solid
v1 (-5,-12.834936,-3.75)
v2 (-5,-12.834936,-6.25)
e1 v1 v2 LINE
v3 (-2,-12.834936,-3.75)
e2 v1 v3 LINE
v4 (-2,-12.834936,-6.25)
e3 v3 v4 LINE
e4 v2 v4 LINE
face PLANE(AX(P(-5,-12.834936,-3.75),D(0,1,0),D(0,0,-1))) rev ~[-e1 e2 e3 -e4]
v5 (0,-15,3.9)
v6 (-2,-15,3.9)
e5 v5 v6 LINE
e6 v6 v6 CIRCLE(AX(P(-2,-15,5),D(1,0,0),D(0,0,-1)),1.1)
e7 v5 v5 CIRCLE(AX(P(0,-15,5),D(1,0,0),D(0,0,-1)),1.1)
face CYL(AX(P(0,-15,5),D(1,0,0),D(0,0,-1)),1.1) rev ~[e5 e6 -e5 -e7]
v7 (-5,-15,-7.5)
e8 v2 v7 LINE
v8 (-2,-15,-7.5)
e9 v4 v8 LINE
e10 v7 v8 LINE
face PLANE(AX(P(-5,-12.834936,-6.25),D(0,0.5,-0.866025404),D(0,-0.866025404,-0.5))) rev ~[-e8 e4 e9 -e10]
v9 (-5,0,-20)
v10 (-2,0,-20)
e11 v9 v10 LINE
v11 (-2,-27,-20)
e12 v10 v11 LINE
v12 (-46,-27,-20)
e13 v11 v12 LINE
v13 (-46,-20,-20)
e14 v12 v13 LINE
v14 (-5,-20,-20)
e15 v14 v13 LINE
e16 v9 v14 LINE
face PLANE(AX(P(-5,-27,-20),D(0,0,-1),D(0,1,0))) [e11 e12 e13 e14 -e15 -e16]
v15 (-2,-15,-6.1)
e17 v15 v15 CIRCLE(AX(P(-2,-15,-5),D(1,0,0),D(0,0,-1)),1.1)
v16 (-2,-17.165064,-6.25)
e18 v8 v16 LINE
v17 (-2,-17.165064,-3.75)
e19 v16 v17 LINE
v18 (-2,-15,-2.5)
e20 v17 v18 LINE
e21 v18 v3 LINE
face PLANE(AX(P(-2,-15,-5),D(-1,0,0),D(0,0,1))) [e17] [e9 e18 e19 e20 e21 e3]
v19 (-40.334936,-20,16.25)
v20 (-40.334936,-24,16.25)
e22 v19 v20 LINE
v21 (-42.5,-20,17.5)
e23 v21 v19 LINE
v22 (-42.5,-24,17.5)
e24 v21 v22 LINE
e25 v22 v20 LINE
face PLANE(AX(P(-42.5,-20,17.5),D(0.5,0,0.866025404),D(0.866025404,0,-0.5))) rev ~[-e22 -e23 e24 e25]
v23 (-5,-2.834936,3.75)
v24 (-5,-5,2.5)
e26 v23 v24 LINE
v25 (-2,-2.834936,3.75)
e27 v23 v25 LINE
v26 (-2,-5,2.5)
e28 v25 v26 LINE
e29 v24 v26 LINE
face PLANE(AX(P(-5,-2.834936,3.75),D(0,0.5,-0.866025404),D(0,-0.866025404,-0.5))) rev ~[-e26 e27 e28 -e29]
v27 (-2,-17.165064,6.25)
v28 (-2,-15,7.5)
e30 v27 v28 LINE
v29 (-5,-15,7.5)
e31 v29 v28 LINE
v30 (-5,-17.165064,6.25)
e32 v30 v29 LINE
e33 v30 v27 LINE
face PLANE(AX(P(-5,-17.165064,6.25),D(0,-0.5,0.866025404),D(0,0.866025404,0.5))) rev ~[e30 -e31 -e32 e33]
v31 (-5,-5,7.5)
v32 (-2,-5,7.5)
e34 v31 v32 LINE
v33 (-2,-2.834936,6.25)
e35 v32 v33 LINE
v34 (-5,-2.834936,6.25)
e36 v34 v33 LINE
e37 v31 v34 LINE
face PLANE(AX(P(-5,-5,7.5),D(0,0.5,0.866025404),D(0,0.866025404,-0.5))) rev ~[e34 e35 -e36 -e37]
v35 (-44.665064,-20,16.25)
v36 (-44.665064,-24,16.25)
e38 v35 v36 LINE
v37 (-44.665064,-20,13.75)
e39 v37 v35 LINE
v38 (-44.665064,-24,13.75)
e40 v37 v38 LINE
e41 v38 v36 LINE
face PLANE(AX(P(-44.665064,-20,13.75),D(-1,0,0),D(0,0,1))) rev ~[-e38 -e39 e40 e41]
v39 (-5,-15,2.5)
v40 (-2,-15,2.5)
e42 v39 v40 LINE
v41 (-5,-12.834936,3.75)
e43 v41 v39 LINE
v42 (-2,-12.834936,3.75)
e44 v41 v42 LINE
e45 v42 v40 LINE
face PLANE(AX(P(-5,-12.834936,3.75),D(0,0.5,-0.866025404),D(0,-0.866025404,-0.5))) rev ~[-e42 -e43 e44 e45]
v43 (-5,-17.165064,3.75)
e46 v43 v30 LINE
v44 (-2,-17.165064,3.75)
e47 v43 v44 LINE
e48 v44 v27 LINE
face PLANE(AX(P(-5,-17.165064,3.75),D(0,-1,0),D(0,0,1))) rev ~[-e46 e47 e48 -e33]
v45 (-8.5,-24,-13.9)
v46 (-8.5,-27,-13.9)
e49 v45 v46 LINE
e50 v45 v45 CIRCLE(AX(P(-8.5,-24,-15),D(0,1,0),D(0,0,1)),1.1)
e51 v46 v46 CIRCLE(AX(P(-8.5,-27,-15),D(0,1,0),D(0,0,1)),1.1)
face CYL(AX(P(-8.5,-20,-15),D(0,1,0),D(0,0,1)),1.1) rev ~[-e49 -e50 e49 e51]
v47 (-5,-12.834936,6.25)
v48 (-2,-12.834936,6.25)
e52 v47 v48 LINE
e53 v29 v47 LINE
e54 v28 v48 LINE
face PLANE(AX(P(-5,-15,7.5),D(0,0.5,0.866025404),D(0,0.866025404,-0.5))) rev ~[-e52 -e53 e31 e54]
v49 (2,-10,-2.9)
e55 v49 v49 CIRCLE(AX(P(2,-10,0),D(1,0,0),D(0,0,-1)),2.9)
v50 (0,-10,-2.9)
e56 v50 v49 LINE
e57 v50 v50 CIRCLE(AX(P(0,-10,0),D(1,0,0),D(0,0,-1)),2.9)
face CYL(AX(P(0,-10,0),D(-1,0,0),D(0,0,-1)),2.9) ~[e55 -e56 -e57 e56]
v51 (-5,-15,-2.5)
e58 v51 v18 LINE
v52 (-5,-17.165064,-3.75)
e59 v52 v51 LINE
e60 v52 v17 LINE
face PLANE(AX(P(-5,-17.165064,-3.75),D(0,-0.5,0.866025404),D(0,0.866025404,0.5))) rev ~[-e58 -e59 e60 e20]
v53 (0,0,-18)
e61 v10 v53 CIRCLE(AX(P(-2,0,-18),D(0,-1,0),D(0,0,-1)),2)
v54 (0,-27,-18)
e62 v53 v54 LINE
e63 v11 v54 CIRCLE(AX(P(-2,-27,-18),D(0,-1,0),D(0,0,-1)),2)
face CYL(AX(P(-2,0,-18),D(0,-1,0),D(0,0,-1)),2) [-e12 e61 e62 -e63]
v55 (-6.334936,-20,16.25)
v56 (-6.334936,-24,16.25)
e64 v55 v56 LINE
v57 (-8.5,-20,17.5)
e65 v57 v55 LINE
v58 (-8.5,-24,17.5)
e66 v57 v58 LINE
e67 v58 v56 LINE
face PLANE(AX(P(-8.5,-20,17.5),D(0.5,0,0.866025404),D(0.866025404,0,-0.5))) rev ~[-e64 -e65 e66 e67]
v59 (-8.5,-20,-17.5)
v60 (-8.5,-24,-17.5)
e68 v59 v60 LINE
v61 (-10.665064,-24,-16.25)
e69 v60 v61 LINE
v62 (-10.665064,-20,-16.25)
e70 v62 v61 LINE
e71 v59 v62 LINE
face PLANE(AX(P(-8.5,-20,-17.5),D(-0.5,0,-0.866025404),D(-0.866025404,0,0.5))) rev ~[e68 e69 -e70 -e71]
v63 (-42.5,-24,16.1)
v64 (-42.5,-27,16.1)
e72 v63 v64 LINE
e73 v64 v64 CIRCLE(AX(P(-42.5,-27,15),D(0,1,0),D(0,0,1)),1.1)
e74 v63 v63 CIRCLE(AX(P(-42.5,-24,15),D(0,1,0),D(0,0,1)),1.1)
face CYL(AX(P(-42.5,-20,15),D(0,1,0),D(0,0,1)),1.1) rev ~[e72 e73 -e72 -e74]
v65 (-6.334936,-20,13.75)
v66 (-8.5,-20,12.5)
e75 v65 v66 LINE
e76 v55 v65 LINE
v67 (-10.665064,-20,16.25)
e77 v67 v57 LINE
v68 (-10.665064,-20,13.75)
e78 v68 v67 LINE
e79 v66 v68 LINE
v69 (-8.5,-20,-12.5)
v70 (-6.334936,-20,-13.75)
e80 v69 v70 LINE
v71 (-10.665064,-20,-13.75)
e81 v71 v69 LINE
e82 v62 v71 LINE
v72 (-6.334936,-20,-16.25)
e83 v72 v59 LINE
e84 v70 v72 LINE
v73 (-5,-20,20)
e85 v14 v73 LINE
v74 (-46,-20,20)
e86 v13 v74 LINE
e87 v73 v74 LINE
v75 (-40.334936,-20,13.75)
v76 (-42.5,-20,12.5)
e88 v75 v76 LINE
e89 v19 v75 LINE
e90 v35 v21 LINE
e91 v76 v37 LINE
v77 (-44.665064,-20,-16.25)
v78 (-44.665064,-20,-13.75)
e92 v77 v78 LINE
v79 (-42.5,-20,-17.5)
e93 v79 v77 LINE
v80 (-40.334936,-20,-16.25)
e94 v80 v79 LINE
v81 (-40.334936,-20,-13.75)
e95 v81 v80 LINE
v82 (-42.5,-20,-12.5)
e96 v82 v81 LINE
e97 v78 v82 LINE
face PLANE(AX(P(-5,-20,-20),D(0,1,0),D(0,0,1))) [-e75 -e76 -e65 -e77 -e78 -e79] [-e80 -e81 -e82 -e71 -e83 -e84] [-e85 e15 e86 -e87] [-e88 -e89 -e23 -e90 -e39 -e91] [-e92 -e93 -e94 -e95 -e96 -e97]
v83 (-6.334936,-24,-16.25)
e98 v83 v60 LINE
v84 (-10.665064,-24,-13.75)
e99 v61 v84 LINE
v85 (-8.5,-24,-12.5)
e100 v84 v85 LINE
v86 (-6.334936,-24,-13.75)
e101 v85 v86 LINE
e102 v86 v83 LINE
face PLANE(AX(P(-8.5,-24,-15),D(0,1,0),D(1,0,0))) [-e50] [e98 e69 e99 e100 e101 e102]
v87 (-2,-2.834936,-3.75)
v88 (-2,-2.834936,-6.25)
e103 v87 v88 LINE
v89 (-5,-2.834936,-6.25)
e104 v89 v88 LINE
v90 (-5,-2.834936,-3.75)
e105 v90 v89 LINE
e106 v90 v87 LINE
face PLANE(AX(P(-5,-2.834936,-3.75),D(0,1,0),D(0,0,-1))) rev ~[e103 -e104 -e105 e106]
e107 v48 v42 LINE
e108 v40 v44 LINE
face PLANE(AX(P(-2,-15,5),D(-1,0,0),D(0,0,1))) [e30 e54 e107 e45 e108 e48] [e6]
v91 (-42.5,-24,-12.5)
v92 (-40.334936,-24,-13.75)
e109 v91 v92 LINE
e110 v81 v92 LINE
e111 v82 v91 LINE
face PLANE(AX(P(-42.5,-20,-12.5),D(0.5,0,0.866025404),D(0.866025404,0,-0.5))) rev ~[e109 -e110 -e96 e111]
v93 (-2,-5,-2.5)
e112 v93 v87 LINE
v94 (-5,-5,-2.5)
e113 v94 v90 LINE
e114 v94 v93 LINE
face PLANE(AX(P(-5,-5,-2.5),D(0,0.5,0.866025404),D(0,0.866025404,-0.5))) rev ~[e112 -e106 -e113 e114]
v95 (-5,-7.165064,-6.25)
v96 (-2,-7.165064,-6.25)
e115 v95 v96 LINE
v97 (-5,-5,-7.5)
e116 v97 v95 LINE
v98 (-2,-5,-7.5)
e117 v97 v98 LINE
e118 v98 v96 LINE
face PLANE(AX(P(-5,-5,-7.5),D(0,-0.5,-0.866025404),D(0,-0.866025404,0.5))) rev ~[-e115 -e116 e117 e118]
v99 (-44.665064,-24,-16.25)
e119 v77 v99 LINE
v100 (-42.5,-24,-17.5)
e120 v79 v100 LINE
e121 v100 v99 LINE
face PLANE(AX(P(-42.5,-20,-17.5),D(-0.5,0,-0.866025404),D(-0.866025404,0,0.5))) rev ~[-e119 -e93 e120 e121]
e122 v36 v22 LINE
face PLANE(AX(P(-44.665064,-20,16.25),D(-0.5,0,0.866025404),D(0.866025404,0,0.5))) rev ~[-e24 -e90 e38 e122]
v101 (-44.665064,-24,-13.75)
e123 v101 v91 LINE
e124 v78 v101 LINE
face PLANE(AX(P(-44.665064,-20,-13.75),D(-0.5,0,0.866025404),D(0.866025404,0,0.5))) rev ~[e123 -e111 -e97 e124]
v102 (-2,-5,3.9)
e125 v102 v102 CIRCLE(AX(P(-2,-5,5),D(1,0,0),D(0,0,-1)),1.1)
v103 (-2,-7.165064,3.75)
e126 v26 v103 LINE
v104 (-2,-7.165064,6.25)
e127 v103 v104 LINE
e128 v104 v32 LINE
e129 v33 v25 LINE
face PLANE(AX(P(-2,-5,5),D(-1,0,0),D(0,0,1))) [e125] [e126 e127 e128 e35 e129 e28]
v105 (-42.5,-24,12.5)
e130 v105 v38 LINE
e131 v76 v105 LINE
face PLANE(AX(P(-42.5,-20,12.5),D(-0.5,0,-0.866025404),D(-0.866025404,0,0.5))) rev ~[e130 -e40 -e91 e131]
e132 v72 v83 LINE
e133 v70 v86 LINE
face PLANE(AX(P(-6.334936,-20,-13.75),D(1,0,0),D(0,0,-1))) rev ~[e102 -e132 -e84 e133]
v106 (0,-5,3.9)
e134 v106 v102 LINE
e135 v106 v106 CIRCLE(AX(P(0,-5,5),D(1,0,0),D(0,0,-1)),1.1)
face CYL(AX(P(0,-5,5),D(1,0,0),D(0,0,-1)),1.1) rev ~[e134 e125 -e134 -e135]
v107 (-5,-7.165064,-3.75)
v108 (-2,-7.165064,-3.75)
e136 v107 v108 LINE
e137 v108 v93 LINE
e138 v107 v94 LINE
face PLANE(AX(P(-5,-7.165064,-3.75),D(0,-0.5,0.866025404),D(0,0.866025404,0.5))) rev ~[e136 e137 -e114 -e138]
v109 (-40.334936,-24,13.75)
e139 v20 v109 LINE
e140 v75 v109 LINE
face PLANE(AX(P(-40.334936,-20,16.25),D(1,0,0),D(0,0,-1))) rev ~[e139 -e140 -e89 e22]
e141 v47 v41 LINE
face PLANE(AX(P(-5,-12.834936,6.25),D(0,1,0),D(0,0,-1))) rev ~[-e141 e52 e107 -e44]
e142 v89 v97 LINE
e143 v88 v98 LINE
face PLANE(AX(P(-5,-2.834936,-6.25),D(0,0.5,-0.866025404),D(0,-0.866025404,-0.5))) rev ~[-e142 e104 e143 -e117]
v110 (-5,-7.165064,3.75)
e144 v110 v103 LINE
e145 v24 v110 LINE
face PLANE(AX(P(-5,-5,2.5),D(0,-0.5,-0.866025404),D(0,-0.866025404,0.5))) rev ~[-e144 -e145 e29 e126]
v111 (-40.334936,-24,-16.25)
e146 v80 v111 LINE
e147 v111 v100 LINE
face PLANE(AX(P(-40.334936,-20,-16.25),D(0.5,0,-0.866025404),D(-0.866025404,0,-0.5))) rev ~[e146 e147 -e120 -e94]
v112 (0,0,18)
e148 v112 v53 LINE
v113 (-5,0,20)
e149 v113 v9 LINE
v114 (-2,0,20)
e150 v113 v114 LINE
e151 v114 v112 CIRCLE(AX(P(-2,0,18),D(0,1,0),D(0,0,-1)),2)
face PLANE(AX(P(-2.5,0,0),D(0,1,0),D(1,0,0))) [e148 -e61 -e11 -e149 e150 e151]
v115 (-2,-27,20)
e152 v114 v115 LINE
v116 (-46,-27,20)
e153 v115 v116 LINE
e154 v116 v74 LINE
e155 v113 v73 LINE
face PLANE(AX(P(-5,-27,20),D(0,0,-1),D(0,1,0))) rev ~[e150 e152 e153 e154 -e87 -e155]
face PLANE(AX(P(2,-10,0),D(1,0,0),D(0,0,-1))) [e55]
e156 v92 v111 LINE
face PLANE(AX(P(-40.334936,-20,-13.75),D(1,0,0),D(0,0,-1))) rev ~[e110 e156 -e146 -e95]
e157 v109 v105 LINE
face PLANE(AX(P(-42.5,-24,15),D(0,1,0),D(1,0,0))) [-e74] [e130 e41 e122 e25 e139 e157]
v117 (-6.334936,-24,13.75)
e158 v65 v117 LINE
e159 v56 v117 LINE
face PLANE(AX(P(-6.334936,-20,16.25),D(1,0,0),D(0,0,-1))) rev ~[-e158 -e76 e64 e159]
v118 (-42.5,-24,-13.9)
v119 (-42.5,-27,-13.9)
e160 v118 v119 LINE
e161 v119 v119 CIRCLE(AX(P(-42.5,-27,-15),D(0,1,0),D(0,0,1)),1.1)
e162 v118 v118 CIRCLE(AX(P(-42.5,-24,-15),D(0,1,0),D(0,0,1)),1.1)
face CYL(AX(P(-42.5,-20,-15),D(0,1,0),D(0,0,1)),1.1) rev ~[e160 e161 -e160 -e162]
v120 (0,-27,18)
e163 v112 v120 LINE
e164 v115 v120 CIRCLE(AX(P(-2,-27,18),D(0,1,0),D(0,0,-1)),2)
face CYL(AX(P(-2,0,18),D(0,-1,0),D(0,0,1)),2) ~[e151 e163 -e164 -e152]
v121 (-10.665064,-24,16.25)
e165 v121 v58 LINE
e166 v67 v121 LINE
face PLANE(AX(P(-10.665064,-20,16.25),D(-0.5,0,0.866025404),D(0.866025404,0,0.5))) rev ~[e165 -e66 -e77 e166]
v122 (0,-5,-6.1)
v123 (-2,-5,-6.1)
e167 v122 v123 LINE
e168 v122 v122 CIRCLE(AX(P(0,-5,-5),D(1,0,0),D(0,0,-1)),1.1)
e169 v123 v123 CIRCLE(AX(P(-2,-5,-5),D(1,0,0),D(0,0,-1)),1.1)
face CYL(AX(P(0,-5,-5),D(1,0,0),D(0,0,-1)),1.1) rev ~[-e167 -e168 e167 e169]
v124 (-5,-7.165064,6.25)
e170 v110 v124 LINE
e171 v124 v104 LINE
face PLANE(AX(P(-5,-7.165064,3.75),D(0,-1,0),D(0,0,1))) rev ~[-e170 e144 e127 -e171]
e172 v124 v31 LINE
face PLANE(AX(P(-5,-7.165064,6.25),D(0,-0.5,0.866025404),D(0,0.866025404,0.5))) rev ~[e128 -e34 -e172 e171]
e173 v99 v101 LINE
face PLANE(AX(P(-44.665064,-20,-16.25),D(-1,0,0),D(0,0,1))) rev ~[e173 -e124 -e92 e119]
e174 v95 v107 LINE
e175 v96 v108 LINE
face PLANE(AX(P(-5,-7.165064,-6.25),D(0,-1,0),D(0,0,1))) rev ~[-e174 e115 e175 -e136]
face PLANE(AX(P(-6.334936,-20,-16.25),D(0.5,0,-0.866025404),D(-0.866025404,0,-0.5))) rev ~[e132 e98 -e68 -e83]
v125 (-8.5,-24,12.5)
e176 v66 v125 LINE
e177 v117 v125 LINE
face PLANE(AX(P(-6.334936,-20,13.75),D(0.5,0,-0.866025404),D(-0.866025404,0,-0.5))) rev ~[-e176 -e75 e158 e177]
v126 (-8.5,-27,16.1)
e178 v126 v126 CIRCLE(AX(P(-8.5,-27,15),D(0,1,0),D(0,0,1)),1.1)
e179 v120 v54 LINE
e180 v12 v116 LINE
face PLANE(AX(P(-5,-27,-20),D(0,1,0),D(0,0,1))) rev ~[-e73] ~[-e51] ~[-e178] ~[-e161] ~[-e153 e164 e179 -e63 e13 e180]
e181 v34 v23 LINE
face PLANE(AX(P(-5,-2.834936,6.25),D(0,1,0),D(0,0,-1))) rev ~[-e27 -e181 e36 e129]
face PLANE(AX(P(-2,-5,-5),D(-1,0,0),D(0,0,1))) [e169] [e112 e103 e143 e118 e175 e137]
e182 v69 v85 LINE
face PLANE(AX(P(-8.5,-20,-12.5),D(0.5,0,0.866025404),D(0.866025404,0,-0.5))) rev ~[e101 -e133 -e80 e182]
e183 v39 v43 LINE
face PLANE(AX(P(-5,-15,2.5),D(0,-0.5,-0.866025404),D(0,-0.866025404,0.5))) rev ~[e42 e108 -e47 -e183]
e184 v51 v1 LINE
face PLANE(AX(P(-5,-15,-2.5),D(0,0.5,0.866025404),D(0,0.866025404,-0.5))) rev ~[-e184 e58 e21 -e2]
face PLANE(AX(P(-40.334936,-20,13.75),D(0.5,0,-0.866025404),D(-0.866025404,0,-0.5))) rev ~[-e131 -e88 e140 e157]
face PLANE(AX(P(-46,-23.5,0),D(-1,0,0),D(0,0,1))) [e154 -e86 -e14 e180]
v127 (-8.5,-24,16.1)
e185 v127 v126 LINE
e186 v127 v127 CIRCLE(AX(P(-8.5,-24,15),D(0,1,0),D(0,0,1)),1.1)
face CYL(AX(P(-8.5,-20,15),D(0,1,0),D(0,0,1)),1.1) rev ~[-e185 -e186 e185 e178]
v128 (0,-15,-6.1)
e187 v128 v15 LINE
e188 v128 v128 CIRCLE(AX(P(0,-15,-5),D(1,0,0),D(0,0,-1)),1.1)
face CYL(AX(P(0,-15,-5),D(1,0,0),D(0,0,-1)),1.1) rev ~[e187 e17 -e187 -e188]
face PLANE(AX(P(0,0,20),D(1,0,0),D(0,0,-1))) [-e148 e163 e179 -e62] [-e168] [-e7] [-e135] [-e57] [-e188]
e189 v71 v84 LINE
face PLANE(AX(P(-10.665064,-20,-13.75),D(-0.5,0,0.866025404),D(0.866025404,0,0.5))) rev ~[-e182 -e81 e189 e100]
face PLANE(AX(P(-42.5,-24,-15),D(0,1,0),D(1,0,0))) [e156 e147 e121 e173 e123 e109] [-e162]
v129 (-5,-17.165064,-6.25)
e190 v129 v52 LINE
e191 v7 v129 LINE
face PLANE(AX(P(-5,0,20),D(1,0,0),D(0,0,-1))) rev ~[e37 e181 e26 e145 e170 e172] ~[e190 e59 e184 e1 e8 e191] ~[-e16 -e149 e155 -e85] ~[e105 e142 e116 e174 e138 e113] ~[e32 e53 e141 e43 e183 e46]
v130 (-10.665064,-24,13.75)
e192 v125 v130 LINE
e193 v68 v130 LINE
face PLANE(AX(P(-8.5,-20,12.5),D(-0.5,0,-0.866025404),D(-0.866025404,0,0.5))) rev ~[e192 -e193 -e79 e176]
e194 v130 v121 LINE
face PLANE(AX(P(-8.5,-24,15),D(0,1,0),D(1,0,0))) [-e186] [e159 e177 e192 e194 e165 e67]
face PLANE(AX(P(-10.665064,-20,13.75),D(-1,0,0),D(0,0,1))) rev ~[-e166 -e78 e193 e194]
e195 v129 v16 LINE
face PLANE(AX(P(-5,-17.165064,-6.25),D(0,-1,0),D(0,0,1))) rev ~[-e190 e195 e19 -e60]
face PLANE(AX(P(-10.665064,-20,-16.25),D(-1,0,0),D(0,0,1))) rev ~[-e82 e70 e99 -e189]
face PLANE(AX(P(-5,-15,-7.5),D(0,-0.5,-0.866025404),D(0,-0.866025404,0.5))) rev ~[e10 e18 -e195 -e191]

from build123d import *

# Parameters (mm, degrees)
ESQUISSE1_W             = 5
ESQUISSE1_H             = 40
BOSS_EXTRU_1_DEPTH      = 27
ESQUISSE2_W             = 40
ESQUISSE2_H             = 7
BOSS_EXTRU_2_DEPTH      = 41
CONG_1_R                = 2
ENL_V_MAT_EXTRU_1_REACH = 48
ESQUISSE4_R             = 1.1
ESQUISSE5_R             = 2.9
BOSS_EXTRU_3_DEPTH      = 2
ENL_V_MAT_EXTRU_3_DEPTH = 3
ESQUISSE9_R             = 1.1
ENL_V_MAT_EXTRU_5_DEPTH = 8
ENL_V_MAT_EXTRU_4_DEPTH = 4


with BuildPart() as part:
    # Esquisse1 → Boss.-Extru.1 (new body)
    with BuildSketch(Plane(origin=(0, 0, 0), x_dir=(1, 0, 0), z_dir=(0, 1, 0))):
        with Locations((-2.5, 0)):
            Rectangle(ESQUISSE1_W, ESQUISSE1_H)
    extrude(amount=-BOSS_EXTRU_1_DEPTH)

    # Esquisse2 → Boss.-Extru.2 (add)
    with BuildSketch(Plane.ZY.offset(5)):
        with Locations((0, -23.5)):
            Rectangle(ESQUISSE2_W, ESQUISSE2_H)
    extrude(amount=BOSS_EXTRU_2_DEPTH)

    # Congé1
    cong_1_edges = [part.edges().sort_by_distance(p)[0] for p in [
        (0, -13.5, 20),
        (0, -13.5, -20),
    ]]
    fillet(cong_1_edges, radius=CONG_1_R)

    # Esquisse4 → Enlèv. mat.-Extru.1 (cut, up to next)
    with BuildSketch(Plane(origin=(0, 0, 0), x_dir=(0, 0, -1), z_dir=(1, 0, 0)), mode=Mode.PRIVATE) as enl_v_mat_extru_1_sk1:
        with Locations((-5, -5)):
            Circle(ESQUISSE4_R)
    enl_v_mat_extru_1_tool1 = extrude(enl_v_mat_extru_1_sk1.sketch, amount=-ENL_V_MAT_EXTRU_1_REACH, mode=Mode.PRIVATE) & part.part
    add(enl_v_mat_extru_1_tool1.solids().sort_by_distance((0, -5, 5))[0], mode=Mode.SUBTRACT)
    # Esquisse4 → Enlèv. mat.-Extru.1 (cut, up to next)
    with BuildSketch(Plane(origin=(0, 0, 0), x_dir=(0, 0, -1), z_dir=(1, 0, 0)), mode=Mode.PRIVATE) as enl_v_mat_extru_1_sk2:
        with Locations((5, -5)):
            Circle(ESQUISSE4_R)
    enl_v_mat_extru_1_tool2 = extrude(enl_v_mat_extru_1_sk2.sketch, amount=-ENL_V_MAT_EXTRU_1_REACH, mode=Mode.PRIVATE) & part.part
    add(enl_v_mat_extru_1_tool2.solids().sort_by_distance((0, -5, -5))[0], mode=Mode.SUBTRACT)
    # Esquisse4 → Enlèv. mat.-Extru.1 (cut, up to next)
    with BuildSketch(Plane(origin=(0, 0, 0), x_dir=(0, 0, -1), z_dir=(1, 0, 0)), mode=Mode.PRIVATE) as enl_v_mat_extru_1_sk3:
        with Locations((-5, -15)):
            Circle(ESQUISSE4_R)
    enl_v_mat_extru_1_tool3 = extrude(enl_v_mat_extru_1_sk3.sketch, amount=-ENL_V_MAT_EXTRU_1_REACH, mode=Mode.PRIVATE) & part.part
    add(enl_v_mat_extru_1_tool3.solids().sort_by_distance((0, -15, 5))[0], mode=Mode.SUBTRACT)
    # Esquisse4 → Enlèv. mat.-Extru.1 (cut, up to next)
    with BuildSketch(Plane(origin=(0, 0, 0), x_dir=(0, 0, -1), z_dir=(1, 0, 0)), mode=Mode.PRIVATE) as enl_v_mat_extru_1_sk4:
        with Locations((5, -15)):
            Circle(ESQUISSE4_R)
    enl_v_mat_extru_1_tool4 = extrude(enl_v_mat_extru_1_sk4.sketch, amount=-ENL_V_MAT_EXTRU_1_REACH, mode=Mode.PRIVATE) & part.part
    add(enl_v_mat_extru_1_tool4.solids().sort_by_distance((0, -15, -5))[0], mode=Mode.SUBTRACT)

    # Esquisse5 → Boss.-Extru.3 (add)
    with BuildSketch(Plane(origin=(0, 0, 0), x_dir=(0, 0, -1), z_dir=(1, 0, 0))):
        with Locations((0, -10)):
            Circle(ESQUISSE5_R)
    extrude(amount=BOSS_EXTRU_3_DEPTH)

    # Esquisse7 → Enlèv. mat.-Extru.3 (cut)
    with BuildSketch(Plane.ZY.offset(5)):
        Polygon((-3.75, -7.165063509), (-2.5, -5), (-3.75, -2.834936491), (-6.25, -2.834936491), (-7.5, -5), (-6.25, -7.165063509), align=None)
        Polygon((3.75, -2.834936491), (2.5, -5), (3.75, -7.165063509), (6.25, -7.165063509), (7.5, -5), (6.25, -2.834936491), align=None)
        Polygon((-3.75, -17.165063509), (-2.5, -15), (-3.75, -12.834936491), (-6.25, -12.834936491), (-7.5, -15), (-6.25, -17.165063509), align=None)
        Polygon((7.5, -15), (6.25, -12.834936491), (3.75, -12.834936491), (2.5, -15), (3.75, -17.165063509), (6.25, -17.165063509), align=None)
    extrude(amount=-ENL_V_MAT_EXTRU_3_DEPTH, mode=Mode.SUBTRACT)

    # Esquisse9 → Enlèv. mat.-Extru.5 (cut, through all)
    with BuildSketch(Plane(origin=(0, -20, 0), x_dir=(1, 0, 0), z_dir=(0, 1, 0))):
        with Locations(Location((-8.5, 15, 0), (0, 0, 270))):  # turned: the seam where the file's is
            Circle(ESQUISSE9_R)
        with Locations(Location((-8.5, -15, 0), (0, 0, 270))):  # turned: the seam where the file's is
            Circle(ESQUISSE9_R)
        with Locations(Location((-42.5, -15, 0), (0, 0, 270))):  # turned: the seam where the file's is
            Circle(ESQUISSE9_R)
        with Locations(Location((-42.5, 15, 0), (0, 0, 270))):  # turned: the seam where the file's is
            Circle(ESQUISSE9_R)
    extrude(amount=-ENL_V_MAT_EXTRU_5_DEPTH, mode=Mode.SUBTRACT)

    # Esquisse8 → Enlèv. mat.-Extru.4 (cut)
    with BuildSketch(Plane(origin=(0, -20, 0), x_dir=(1, 0, 0), z_dir=(0, 1, 0))):
        Polygon((-10.665063509, 13.75), (-8.5, 12.5), (-6.334936491, 13.75), (-6.334936491, 16.25), (-8.5, 17.5), (-10.665063509, 16.25), align=None)
        Polygon((-10.665063509, -16.25), (-8.5, -17.5), (-6.334936491, -16.25), (-6.334936491, -13.75), (-8.5, -12.5), (-10.665063509, -13.75), align=None)
        Polygon((-44.665063509, -16.25), (-42.5, -17.5), (-40.334936491, -16.25), (-40.334936491, -13.75), (-42.5, -12.5), (-44.665063509, -13.75), align=None)
        Polygon((-42.5, 12.5), (-40.334936491, 13.75), (-40.334936491, 16.25), (-42.5, 17.5), (-44.665063509, 16.25), (-44.665063509, 13.75), align=None)
    extrude(amount=-ENL_V_MAT_EXTRU_4_DEPTH, mode=Mode.SUBTRACT)


solid = part.part
